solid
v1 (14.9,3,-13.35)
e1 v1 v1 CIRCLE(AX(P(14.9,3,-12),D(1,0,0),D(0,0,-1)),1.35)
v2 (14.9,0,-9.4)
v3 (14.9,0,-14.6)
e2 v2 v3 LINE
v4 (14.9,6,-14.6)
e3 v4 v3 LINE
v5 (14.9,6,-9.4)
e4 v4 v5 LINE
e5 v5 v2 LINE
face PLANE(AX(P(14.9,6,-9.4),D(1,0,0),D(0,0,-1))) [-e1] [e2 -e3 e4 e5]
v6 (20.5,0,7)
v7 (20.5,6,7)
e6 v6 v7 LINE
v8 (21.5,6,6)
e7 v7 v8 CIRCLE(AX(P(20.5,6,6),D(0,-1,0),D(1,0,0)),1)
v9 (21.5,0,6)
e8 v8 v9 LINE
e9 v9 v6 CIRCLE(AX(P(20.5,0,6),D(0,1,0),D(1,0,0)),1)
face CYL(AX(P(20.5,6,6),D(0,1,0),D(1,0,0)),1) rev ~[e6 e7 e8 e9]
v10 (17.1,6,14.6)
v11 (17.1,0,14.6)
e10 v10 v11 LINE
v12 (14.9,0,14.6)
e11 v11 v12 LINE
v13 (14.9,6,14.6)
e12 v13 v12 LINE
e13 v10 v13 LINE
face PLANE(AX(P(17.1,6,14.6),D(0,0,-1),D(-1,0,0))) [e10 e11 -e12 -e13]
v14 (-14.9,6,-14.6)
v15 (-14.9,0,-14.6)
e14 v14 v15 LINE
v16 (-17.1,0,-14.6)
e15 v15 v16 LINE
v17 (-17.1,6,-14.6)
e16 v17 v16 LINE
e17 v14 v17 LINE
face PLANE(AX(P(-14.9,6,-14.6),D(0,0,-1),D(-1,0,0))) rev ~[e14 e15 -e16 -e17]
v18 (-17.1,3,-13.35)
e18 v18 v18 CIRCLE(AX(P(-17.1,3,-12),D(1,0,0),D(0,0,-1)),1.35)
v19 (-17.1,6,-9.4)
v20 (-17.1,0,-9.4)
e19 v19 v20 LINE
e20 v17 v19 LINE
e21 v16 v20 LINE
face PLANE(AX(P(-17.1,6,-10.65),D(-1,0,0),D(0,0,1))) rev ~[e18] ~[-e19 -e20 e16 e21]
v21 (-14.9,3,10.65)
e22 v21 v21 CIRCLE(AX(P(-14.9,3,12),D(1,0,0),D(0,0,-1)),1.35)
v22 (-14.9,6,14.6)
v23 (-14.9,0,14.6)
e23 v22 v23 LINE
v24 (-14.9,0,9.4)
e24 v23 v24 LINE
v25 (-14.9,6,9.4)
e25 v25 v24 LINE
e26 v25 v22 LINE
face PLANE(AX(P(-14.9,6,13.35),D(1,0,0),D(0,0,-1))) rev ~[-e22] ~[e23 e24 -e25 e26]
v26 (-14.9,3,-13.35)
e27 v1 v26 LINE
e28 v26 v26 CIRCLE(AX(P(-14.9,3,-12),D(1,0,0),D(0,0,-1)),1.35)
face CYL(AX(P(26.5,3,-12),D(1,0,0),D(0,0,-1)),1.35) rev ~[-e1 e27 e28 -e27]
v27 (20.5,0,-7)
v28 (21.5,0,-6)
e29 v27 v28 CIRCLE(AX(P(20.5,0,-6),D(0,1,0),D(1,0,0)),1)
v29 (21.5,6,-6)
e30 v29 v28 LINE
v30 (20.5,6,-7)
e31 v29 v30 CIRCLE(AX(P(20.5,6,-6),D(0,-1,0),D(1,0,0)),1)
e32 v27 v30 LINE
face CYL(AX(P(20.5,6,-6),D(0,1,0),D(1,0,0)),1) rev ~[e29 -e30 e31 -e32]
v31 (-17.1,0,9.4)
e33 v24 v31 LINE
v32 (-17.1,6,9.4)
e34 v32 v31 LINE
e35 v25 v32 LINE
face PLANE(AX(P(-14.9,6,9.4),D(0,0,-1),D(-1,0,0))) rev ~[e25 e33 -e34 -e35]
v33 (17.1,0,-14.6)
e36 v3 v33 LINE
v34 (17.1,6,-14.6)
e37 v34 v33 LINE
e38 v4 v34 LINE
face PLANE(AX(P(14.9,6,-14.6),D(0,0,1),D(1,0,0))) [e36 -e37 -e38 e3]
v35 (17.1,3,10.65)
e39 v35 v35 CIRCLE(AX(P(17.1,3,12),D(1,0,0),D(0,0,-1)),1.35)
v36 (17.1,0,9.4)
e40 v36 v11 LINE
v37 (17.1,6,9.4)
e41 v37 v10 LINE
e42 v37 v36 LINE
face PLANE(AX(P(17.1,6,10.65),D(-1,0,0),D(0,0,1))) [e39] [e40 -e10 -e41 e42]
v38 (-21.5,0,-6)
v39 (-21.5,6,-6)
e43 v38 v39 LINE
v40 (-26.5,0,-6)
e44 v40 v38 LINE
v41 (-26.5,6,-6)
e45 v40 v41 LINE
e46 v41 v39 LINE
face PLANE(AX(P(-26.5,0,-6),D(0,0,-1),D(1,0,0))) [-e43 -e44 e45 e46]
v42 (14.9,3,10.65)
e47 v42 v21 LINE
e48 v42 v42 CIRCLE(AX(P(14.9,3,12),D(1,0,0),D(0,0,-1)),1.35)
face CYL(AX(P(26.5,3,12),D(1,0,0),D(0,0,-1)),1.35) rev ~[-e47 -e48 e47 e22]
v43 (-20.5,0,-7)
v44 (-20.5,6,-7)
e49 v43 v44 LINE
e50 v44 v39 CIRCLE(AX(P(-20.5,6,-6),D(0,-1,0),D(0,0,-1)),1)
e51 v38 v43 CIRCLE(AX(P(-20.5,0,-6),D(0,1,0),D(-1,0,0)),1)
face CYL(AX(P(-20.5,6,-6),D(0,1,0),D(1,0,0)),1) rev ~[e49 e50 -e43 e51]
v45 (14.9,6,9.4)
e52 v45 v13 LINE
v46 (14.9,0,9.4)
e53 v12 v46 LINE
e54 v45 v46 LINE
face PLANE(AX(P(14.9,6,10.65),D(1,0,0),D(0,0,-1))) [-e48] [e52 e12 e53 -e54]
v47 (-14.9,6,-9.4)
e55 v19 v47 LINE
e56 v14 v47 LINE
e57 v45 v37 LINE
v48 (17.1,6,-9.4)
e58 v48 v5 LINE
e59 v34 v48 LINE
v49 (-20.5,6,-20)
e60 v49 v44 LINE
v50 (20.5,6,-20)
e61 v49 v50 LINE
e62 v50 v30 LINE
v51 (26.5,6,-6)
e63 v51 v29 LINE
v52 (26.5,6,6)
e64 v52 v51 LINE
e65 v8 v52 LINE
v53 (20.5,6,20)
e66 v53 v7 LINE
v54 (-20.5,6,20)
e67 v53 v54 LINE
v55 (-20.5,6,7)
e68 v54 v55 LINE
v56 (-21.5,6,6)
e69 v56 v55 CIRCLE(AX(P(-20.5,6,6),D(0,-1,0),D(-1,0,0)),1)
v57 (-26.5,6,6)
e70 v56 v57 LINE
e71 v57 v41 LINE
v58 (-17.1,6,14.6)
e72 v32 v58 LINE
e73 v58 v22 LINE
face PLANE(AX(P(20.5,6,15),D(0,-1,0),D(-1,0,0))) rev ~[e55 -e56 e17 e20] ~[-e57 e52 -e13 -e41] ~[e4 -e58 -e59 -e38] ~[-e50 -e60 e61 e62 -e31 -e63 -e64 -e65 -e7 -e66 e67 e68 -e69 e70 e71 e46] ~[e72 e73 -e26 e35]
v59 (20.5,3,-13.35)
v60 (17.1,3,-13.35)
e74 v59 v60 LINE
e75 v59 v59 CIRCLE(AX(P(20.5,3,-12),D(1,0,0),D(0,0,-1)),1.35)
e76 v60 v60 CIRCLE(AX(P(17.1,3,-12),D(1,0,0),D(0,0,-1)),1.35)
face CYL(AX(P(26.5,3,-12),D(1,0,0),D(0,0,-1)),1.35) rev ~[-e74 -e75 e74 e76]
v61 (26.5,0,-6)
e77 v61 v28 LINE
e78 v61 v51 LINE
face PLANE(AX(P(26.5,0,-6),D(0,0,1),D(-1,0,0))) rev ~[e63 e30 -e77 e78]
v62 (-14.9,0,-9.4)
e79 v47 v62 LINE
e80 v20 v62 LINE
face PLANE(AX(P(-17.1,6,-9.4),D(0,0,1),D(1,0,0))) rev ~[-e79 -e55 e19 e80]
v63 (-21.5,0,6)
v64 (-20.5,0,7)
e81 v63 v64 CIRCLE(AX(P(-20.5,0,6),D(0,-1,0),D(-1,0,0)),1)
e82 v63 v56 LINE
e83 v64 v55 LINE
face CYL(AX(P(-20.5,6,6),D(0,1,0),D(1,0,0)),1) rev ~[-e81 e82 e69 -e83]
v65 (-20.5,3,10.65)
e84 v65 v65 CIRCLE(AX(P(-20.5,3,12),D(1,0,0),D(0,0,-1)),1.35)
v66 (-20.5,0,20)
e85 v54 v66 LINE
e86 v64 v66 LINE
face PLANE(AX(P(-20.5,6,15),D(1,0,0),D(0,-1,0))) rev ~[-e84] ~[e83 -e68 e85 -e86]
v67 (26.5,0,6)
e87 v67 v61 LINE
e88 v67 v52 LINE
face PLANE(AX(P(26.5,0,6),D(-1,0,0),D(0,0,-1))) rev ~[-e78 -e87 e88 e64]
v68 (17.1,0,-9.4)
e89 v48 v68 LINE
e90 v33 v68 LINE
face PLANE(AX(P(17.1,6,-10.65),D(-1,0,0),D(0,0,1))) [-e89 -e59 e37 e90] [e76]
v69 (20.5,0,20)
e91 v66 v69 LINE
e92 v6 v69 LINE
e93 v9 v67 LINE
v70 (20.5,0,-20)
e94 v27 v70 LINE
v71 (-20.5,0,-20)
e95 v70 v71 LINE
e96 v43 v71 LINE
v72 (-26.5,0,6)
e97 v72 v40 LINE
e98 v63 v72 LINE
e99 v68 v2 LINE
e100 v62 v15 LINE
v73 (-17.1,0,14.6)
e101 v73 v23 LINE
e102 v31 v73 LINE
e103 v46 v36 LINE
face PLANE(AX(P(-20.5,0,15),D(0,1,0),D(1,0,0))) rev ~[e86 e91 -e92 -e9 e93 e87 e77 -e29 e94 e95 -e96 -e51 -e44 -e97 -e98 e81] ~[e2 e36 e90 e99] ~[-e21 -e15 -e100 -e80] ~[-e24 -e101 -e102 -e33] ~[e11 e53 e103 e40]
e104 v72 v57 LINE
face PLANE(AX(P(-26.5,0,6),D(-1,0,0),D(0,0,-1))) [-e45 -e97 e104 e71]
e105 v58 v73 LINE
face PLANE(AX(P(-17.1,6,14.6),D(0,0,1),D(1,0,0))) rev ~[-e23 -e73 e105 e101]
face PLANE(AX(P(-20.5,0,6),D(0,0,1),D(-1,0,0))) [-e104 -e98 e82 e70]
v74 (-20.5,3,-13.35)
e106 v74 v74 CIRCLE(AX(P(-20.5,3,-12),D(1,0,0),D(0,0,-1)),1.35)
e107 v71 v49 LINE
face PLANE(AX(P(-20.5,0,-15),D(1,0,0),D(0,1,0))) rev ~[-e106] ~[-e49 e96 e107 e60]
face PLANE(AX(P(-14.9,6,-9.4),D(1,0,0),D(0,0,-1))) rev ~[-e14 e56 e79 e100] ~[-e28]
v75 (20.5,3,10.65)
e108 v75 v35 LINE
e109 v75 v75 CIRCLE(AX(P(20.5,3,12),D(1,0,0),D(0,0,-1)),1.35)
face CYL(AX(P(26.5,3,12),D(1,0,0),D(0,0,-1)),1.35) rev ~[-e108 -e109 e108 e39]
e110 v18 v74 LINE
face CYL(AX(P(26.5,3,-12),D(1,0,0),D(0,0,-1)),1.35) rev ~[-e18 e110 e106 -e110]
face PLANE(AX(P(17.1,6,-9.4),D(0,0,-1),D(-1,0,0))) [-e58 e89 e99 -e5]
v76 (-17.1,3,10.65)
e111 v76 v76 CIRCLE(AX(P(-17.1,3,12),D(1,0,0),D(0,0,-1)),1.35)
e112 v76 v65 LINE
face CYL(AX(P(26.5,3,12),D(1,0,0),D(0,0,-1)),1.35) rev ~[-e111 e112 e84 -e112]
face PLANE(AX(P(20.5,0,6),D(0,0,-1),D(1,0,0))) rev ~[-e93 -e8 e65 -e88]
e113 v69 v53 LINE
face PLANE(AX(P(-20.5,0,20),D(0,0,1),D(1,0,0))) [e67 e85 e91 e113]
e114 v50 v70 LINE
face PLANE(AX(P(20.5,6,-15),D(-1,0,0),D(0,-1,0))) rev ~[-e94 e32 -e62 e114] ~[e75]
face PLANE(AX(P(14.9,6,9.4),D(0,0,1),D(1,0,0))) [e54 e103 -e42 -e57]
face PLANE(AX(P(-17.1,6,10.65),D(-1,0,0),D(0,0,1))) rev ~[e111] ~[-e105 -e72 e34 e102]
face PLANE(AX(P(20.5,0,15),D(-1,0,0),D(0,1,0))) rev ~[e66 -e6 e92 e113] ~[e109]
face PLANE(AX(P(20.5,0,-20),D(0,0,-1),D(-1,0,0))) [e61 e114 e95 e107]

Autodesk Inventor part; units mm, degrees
ref_plane "우측면도" through (0, 0, 0) normal (1, 0, 0) x (0, 1, 0)
ref_plane "평면도" through (0, 0, 0) normal (0, 1, 0) x (-1, 0, 0)
ref_plane "정면도" through (0, 0, 0) normal (0, 0, 1) x (1, 0, 0)
sketch "스케치1" plane through (0, 0, 0) normal (0, 1, 0) x (-1, 0, 0)
  line L0 (-20.5, 15) -> (20.5, 15)
  line L1 (20.5, 15) -> (20.5, -15)
  line L2 (20.5, -15) -> (-20.5, -15)
  line L3 (-20.5, -15) -> (-20.5, 15)
  line L4 (-20.5, 15) -> (20.5, -15) construction
  line L5 (20.5, 15) -> (-20.5, -15) construction
  line L6 (9, -15) -> (-9, -15)
  line L7 (9, 15) -> (-9, 15)
  line L8 (20.5, -3) -> (20.5, 15)
  line L9 (-20.5, -3) -> (-20.5, 15)
  line L10 (20.5, 6) -> (26.5, 6)
  line L11 (26.5, 6) -> (26.5, -6)
  line L12 (26.5, -6) -> (20.5, -6)
  line L13 (20.5, -6) -> (20.5, 6)
  line L14 (-20.5, 6) -> (-26.5, 6)
  line L15 (-26.5, 6) -> (-26.5, -6)
  line L16 (-26.5, -6) -> (-20.5, -6)
  line L17 (-20.5, -6) -> (-20.5, 6)
  point P0 (0, 0)
  dimension "d0" = 41
  dimension "d1" = 30
  dimension "d16" = 6
  dimension "d17" = 12
  dimension "d18" = 6
  dimension "d19" = 12
extrude "돌출3" add sketch "스케치1" along normal blind 6
sketch "스케치3" plane through (26.5, 0, 6) normal (1, 0, 0) x (0, 0, -1)
  circle A0 centre (18, 3) radius 1.35
  circle A1 centre (-6, 3) radius 1.35
  point P0 (6, 0)
  dimension "d22" = 2.7
  dimension "d23" = 2.7
extrude "돌출4" cut sketch "스케치3" against normal blind 100
sketch "스케치4" plane through (0, 6, 0) normal (0, 1, 0) x (1, 0, 0)
  line L0 (20.5, -10.65) -> (-20.5, -10.65) projected
  line L1 (20.5, -13.35) -> (-20.5, -13.35) projected
  line L2 (20.5, 10.65) -> (-20.5, 10.65) projected
  line L3 (20.5, 13.35) -> (-20.5, 13.35) projected
  line L4 (16, -13.35) -> (42.7, -13.35) construction
  line L5 (16, -13.35) -> (16, -10.65)
  line L6 (16, 10.65) -> (16, 13.35)
  line L7 (17.1, -14.6) -> (14.9, -14.6)
  line L8 (14.9, -14.6) -> (14.9, -9.4)
  line L9 (14.9, -9.4) -> (17.1, -9.4)
  line L10 (17.1, -9.4) -> (17.1, -14.6)
  line L11 (17.1, -14.6) -> (14.9, -9.4) construction
  line L12 (14.9, -14.6) -> (17.1, -9.4) construction
  line L13 (-17.1, -14.6) -> (-14.9, -14.6)
  line L14 (-14.9, -14.6) -> (-14.9, -9.4)
  line L15 (-14.9, -9.4) -> (-17.1, -9.4)
  line L16 (-17.1, -9.4) -> (-17.1, -14.6)
  line L17 (-17.1, -14.6) -> (-14.9, -9.4) construction
  line L18 (-14.9, -14.6) -> (-17.1, -9.4) construction
  line L19 (-14.9, 14.6) -> (-17.1, 14.6)
  line L20 (-17.1, 14.6) -> (-17.1, 9.4)
  line L21 (-17.1, 9.4) -> (-14.9, 9.4)
  line L22 (-14.9, 9.4) -> (-14.9, 14.6)
  line L23 (-14.9, 14.6) -> (-17.1, 9.4) construction
  line L24 (-17.1, 14.6) -> (-14.9, 9.4) construction
  line L25 (17.1, 9.4) -> (14.9, 9.4)
  line L26 (14.9, 9.4) -> (14.9, 14.6)
  line L27 (14.9, 14.6) -> (17.1, 14.6)
  line L28 (17.1, 14.6) -> (17.1, 9.4)
  line L29 (17.1, 9.4) -> (14.9, 14.6) construction
  line L30 (14.9, 9.4) -> (17.1, 14.6) construction
  point P0 (0, 0)
  point P1 (16, -12)
  point P2 (-16, -12)
  point P3 (-16, 12)
  point P4 (16, 12)
  dimension "d39" = 5
  dimension "d27" = 2.2
  dimension "d28" = 5.2
  dimension "d29" = 2.2
  dimension "d30" = 5.2
  dimension "d31" = 2.2
  dimension "d32" = 5.2
  dimension "d33" = 2.2
  dimension "d34" = 5.2
extrude "돌출5" cut sketch "스케치4" against normal blind 100 contours L10 L1 L5 L0 | L0 L8 L9 L10 | L5 L1 L8 L0 | L10 L7 L8 L1 | L14 L1 L16 L0 | L0 L16 L15 L14 | L14 L13 L16 L1 | L28 L25 L26 L2 | L2 L6 L3 L28 | L2 L26 L3 L6 | L3 L26 L27 L28 | L22 L21 L20 L2 | L2 L20 L3 L22 | L3 L20 L19 L22
sketch "스케치5" plane through (20.5, 0, -15) normal (0, 0, -1) x (-1, 0, 0)
  line L0 (0, 0) -> (41, 0)
  line L1 (41, 0) -> (41, 6)
  line L2 (41, 6) -> (0, 6)
  line L3 (0, 6) -> (0, 0)
  point P0 (20.5, 0)
  dimension "d37" = 41
  dimension "d38" = 6
extrude "돌출6" add sketch "스케치5" along normal blind 5
sketch "스케치6" plane through (-20.5, 0, 15) normal (0, 0, 1) x (1, 0, 0)
  line L0 (0, 0) -> (41, 0)
  line L1 (41, 0) -> (41, 6)
  line L2 (41, 6) -> (0, 6)
  line L3 (0, 6) -> (0, 0)
  point P0 (20.5, 0)
  dimension "d41" = 41
  dimension "d42" = 6
extrude "돌출7" add sketch "스케치6" along normal blind 5
sketch "스케치7" plane through (0, 6, 0) normal (0, 1, 0) x (1, 0, 0)
  line L0 (17.1, 14.6) -> (17.1, 9.4) projected
  line L1 (17.1, 9.4) -> (14.9, 9.4) projected
  line L2 (14.9, 9.4) -> (14.9, 14.6) projected
  line L3 (14.9, 14.6) -> (17.1, 14.6) projected
  line L4 (-14.9, -9.4) -> (-14.9, -14.6) projected
  line L5 (-14.9, -14.6) -> (-17.1, -14.6) projected
  line L6 (-17.1, -14.6) -> (-17.1, -9.4) projected
  line L7 (-17.1, -9.4) -> (-14.9, -9.4) projected
  line L8 (-17.1, 14.6) -> (-14.9, 14.6) projected
  line L9 (-14.9, 14.6) -> (-14.9, 9.4) projected
  line L10 (-14.9, 9.4) -> (-17.1, 9.4) projected
  line L11 (-17.1, 9.4) -> (-17.1, 14.6) projected
  line L12 (17.1, -9.4) -> (17.1, -14.6) projected
  line L13 (17.1, -14.6) -> (14.9, -14.6) projected
  line L14 (14.9, -14.6) -> (14.9, -9.4) projected
  line L15 (14.9, -9.4) -> (17.1, -9.4) projected
  line L16 (-20.5, 6) -> (-20.5, 20) projected
  line L17 (-20.5, 6) -> (-26.5, 6) projected
  line L18 (-26.5, 6) -> (-26.5, -6) projected
  line L19 (-26.5, -6) -> (-20.5, -6) projected
  line L20 (-20.5, -6) -> (-20.5, -20) projected
  line L21 (20.5, -20) -> (-20.5, -20) projected
  line L22 (20.5, -6) -> (20.5, -20) projected
  line L23 (20.5, -6) -> (26.5, -6) projected
  line L24 (26.5, -6) -> (26.5, 6) projected
  line L25 (26.5, 6) -> (20.5, 6) projected
  line L26 (20.5, 6) -> (20.5, 20) projected
  line L27 (-20.5, 20) -> (20.5, 20) projected
  circle A0 centre (-20.5, 6) radius 1
  circle A1 centre (-20.5, -6) radius 1
  circle A2 centre (20.5, 6) radius 1
  circle A3 centre (20.5, -6) radius 1
  point P0 (0, 0)
  point P1 (-21.5, -6)
  point P2 (-20.5, -7)
  point P3 (20.5, -7)
  point P4 (21.5, -6)
  point P5 (21.5, 6)
  point P6 (20.5, 7)
  point P7 (-20.5, 7)
  point P8 (-21.5, 6)
  dimension "d45" = 2
  dimension "d46" = 2
  dimension "d47" = 2
  dimension "d48" = 2
extrude "돌출9" cut sketch "스케치7" against normal blind 10 contours L17 A0 L16 | L16 A0 L17 | A2 L25 L26 | L26 L25 A2 | A1 L20 L19 | L19 L20 A1 | A3 L22 L23 | L23 L22 A3
properties part number "hand connection" material "PMMA 플라스틱"
